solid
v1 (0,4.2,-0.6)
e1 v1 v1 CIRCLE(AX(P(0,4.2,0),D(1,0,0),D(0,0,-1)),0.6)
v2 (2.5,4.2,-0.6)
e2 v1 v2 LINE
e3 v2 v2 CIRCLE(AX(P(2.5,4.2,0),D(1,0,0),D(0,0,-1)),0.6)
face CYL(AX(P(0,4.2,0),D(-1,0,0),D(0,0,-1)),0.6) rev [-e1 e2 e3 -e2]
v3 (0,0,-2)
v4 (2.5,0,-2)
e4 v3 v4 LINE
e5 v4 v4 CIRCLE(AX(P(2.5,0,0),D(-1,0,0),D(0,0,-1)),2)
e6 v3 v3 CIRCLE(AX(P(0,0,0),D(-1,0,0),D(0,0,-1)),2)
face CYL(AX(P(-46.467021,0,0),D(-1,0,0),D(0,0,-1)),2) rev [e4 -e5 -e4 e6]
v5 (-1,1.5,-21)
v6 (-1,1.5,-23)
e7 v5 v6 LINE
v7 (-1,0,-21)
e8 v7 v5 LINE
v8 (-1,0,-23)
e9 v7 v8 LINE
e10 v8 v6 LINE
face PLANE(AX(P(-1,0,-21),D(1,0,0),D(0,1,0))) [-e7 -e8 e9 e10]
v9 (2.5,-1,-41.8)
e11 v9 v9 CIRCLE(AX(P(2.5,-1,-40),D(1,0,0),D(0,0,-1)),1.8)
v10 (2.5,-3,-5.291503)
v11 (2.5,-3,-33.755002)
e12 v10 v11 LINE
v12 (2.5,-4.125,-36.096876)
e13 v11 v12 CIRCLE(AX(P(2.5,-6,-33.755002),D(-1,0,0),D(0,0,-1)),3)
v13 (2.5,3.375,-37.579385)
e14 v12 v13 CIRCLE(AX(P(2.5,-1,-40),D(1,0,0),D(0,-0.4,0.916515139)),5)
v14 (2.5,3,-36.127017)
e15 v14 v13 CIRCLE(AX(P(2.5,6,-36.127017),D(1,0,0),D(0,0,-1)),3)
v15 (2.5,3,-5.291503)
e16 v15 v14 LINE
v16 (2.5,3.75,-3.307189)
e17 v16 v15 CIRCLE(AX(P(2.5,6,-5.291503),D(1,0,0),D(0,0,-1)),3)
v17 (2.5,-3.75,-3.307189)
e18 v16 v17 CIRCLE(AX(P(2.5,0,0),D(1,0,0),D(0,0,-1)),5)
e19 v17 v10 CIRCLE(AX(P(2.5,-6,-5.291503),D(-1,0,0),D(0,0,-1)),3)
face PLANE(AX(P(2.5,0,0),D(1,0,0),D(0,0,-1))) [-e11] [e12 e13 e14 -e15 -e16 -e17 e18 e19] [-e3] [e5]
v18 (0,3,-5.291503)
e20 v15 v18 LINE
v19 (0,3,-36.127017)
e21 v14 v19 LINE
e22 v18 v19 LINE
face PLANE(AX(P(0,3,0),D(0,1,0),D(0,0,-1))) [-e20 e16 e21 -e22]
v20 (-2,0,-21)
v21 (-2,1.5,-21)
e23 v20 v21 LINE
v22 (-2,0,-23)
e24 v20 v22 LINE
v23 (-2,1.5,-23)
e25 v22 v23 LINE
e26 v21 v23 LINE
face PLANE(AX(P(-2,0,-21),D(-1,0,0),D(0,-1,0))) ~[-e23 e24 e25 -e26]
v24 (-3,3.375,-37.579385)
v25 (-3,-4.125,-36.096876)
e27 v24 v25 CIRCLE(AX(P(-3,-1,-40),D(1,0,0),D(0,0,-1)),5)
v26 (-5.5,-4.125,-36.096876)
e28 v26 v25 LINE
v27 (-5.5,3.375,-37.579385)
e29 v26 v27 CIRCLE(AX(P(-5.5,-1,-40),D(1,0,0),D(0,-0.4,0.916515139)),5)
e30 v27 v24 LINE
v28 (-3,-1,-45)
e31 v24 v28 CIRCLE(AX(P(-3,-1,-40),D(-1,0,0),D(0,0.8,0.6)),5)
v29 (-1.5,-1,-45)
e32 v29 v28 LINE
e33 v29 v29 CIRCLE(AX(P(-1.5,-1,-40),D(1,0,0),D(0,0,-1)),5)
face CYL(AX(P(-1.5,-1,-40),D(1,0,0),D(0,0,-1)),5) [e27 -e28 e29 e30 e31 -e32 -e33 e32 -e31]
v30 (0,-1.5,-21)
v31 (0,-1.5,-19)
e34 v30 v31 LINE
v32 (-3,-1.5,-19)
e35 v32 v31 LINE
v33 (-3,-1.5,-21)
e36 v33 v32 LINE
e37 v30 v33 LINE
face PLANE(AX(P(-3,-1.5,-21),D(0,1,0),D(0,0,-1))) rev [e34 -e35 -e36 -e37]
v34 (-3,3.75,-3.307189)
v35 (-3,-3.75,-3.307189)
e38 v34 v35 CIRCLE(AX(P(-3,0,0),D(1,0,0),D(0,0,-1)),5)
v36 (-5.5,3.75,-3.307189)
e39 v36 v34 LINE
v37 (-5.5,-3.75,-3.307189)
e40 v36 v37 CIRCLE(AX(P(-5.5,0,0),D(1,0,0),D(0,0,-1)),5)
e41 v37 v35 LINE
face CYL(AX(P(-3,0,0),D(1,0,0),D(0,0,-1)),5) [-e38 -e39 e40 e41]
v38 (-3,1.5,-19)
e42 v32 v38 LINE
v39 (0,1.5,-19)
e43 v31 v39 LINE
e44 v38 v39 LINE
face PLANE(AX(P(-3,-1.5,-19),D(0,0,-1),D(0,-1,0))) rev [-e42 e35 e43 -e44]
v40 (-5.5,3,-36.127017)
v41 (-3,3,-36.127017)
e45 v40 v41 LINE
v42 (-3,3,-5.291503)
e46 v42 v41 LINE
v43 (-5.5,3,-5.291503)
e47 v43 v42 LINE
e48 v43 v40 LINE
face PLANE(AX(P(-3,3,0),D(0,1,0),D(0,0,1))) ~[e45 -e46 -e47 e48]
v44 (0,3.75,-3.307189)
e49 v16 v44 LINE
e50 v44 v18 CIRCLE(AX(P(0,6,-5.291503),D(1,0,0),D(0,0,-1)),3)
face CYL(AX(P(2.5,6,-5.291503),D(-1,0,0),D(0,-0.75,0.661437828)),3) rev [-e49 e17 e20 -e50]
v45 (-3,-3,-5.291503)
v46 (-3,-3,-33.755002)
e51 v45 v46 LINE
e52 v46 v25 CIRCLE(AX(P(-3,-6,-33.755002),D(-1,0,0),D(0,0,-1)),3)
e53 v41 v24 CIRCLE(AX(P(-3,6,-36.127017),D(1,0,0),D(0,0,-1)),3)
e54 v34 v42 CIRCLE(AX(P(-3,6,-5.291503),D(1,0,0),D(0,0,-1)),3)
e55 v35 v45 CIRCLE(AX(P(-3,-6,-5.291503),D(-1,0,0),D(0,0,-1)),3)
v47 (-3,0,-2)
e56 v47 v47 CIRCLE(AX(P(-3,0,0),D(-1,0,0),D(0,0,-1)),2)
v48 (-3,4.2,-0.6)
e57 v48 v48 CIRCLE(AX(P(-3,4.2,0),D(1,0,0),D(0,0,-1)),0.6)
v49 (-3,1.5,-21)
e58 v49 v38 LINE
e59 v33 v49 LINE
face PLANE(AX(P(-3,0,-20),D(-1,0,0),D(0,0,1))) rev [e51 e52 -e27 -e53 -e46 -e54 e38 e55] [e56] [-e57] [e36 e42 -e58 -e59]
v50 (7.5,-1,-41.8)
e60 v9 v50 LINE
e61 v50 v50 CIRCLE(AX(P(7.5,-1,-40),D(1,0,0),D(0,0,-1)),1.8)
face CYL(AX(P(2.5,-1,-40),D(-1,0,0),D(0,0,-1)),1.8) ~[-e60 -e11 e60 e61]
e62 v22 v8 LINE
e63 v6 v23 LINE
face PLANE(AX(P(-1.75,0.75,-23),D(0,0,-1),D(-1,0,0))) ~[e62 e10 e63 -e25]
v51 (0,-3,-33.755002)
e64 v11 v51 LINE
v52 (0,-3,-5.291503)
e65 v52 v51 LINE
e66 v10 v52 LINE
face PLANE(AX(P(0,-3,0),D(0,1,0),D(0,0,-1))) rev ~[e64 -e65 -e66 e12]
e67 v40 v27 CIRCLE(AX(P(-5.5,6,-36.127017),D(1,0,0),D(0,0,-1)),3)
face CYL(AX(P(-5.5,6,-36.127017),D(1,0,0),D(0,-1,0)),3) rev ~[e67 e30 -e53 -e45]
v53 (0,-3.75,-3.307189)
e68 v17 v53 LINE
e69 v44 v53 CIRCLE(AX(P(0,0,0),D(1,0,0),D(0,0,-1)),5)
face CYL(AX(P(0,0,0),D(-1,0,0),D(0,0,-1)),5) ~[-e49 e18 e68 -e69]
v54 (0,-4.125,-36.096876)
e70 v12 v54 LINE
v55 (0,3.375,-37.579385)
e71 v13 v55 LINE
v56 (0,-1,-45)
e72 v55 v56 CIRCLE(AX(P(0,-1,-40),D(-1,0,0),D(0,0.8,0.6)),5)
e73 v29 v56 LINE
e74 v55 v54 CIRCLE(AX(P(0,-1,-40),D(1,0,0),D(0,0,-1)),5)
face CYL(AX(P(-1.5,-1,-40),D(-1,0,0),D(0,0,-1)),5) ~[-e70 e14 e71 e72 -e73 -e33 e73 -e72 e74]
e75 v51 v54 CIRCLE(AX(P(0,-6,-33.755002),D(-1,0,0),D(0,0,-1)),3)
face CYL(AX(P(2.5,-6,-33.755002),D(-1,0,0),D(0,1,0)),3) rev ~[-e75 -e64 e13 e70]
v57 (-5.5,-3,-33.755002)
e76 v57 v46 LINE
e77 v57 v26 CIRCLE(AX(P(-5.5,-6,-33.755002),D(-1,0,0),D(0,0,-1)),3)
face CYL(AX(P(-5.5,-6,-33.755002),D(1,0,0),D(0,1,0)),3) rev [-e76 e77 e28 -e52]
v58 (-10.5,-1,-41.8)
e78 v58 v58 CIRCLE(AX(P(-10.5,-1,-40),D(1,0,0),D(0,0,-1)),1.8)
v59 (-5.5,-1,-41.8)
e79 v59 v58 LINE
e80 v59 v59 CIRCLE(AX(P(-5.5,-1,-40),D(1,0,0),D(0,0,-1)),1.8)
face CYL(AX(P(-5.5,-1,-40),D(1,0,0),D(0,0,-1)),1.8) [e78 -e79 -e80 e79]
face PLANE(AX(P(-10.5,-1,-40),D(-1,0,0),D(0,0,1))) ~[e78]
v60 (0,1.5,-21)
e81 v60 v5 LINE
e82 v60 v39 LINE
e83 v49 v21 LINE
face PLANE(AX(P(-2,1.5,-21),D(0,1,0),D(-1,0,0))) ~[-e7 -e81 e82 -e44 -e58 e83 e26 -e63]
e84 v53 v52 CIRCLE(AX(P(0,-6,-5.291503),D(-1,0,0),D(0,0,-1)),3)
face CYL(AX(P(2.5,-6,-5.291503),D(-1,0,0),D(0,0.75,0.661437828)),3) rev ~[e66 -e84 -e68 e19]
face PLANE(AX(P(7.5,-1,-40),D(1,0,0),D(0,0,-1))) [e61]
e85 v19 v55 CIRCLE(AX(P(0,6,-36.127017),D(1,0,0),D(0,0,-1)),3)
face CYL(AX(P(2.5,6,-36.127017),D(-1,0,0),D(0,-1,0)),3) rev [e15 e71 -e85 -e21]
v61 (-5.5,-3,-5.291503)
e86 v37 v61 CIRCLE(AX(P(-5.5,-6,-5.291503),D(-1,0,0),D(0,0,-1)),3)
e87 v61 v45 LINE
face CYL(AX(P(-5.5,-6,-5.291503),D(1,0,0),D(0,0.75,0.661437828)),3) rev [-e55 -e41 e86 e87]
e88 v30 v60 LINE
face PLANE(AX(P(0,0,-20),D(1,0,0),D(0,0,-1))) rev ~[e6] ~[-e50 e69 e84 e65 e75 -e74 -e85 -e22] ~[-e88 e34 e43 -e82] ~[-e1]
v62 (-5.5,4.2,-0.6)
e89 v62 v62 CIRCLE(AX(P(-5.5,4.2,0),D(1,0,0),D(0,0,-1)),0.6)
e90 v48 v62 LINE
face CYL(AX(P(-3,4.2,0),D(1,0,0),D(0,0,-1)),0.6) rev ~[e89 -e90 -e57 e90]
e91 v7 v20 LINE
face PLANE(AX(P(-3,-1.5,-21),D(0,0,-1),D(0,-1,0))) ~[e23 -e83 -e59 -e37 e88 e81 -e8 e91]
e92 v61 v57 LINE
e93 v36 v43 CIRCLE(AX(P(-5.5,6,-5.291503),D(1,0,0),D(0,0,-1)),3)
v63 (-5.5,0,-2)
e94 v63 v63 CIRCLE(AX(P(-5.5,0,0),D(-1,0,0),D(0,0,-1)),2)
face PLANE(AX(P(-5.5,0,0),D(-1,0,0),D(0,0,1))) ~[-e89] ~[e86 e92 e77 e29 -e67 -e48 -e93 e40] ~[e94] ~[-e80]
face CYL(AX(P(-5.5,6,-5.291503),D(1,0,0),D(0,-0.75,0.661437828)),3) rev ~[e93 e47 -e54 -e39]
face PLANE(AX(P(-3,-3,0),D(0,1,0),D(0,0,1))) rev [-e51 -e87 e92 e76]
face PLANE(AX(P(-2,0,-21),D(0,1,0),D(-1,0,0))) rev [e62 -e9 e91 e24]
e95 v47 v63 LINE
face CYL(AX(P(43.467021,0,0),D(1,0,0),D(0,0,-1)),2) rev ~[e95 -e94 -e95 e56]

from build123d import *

# Parameters (mm, degrees)
SKETCH_1_R                  = 5
SKETCH_1_R_2                = 0.6
SKETCH_1_W                  = 40
SKETCH_1_H                  = 6
EXTRUDE_1_DEPTH             = 2.5
CUT_EXTRUDE_2_DEPTH         = 46.467021015
CUT_EXTRUDE_2_DEPTH_BACK    = 46.467021015
SKETCH_1_3_R                = 2
FILLET_1_R                  = 3
EXTRUDE_START               = -1.5
SKETCH_1_4_R                = 5
SKETCH_1_4_R_2              = 2
EXTRUDE_2_DEPTH             = 1.5
SKETCH_2_R                  = 1.8
EXTRUDE_4_DEPTH             = 5
EXTRUDE_5_REACH             = 48.014
SKETCH_1_5_R                = 2
EXTRUDE_5_DIRECTION_2_REACH = 48.014
SKETCH_3_W                  = 2
SKETCH_3_H                  = 3
EXTRUDE_8_DEPTH             = 1.5
SKETCH_4_W                  = 0.5
SKETCH_4_H                  = 1.5
EXTRUDE_9_DEPTH             = 2


with BuildPart() as part:
    # 草图1 → 凸台-拉伸1 (new body)
    # profile 1 of 3: a face of its own
    with BuildSketch(Plane(origin=(0, 0, 0), x_dir=(0, 0, -1), z_dir=(1, 0, 0))):
        Circle(SKETCH_1_R)
        with Locations((0, 4.2)):
            Circle(SKETCH_1_R_2, mode=Mode.SUBTRACT)
    # profile 2 of 3: a face of its own
    with BuildSketch(Plane(origin=(0, 0, 0), x_dir=(0, 0, -1), z_dir=(1, 0, 0))):
        with Locations((40, -1)):
            Circle(SKETCH_1_R)
    # profile 3 of 3: a face of its own
    with BuildSketch(Plane(origin=(0, 0, 0), x_dir=(0, 0, -1), z_dir=(1, 0, 0))):
        with Locations((20, 0)):
            Rectangle(SKETCH_1_W, SKETCH_1_H)
    extrude(amount=EXTRUDE_1_DEPTH)

    # 草图1<3> → 切除-拉伸2 (cut, two sides: drawn at the far end of the back side and taken through both)
    with BuildSketch(Plane(origin=(0, 0, 0), x_dir=(0, 0, -1), z_dir=(1, 0, 0)).offset(-CUT_EXTRUDE_2_DEPTH_BACK)):
        Circle(SKETCH_1_3_R)
        with Locations((40, -1)):
            Circle(SKETCH_1_3_R)
    extrude(amount=CUT_EXTRUDE_2_DEPTH + CUT_EXTRUDE_2_DEPTH_BACK, mode=Mode.SUBTRACT)

    # 圆角1
    fillet_1_edges = [part.edges().sort_by_distance(p)[0] for p in [
        (1.25, -3, -4),
        (1.25, -3, -35.417424305),
        (1.25, 3, -37),
        (1.25, 3, -4),
    ]]
    fillet(fillet_1_edges, radius=FILLET_1_R)

    # 草图1<4> → 凸台-拉伸2 (add)
    with BuildSketch(Plane(origin=(0, 0, 0), x_dir=(0, 0, -1), z_dir=(1, 0, 0)).offset(EXTRUDE_START)):
        with Locations((40, -1)):
            Circle(SKETCH_1_4_R)
        with Locations((40, -1)):
            Circle(SKETCH_1_4_R_2, mode=Mode.SUBTRACT)
    extrude(amount=EXTRUDE_2_DEPTH)

    # 凸台-拉伸5: up to this face of the body (flat: up to its plane)
    extrude_5_end = Plane(part.part.faces().sort_by_distance((2.5, -0.21352009, -20.113168079))[0])
    # 草图1<5> → 凸台-拉伸5 (add, up to the picked face)
    with BuildSketch(Plane(origin=(0, 0, 0), x_dir=(0, 0, -1), z_dir=(1, 0, 0)), mode=Mode.PRIVATE) as extrude_5_sk1:
        with Locations((40, -1)):
            Circle(SKETCH_1_5_R)
    extrude_5_tool1 = split(extrude(extrude_5_sk1.sketch, amount=EXTRUDE_5_REACH, mode=Mode.PRIVATE), bisect_by=extrude_5_end, keep=Keep.BOTH, mode=Mode.PRIVATE)


with BuildPart() as body_2:
    # 草图2 → 凸台-拉伸4 (new body)
    with BuildSketch(Plane(origin=(2.5, 0, 0), x_dir=(0, 0, -1), z_dir=(1, 0, 0))):
        with Locations((40, -1)):
            Circle(SKETCH_2_R)
    extrude(amount=EXTRUDE_4_DEPTH)


with BuildPart() as part_1:
    add(part.part)

    add(body_2.part)  # 凸台-拉伸5 merges body 2
    add(extrude_5_tool1.solids().sort_by(Axis((0, -1, -40), (1, 0, 0)))[0])

    # 凸台-拉伸5 direction 2: up to this face of the body (flat: up to its plane)
    extrude_5_direction_2_end = Plane(part_1.part.faces().sort_by_distance((-1.5, -1, -35.141421356))[0])
    # 草图1<5> → 凸台-拉伸5 direction 2 (add, up to the picked face)
    with BuildSketch(Plane(origin=(0, 0, 0), x_dir=(0, 0, -1), z_dir=(1, 0, 0)), mode=Mode.PRIVATE) as extrude_5_direction_2_sk1:
        with Locations((40, -1)):
            Circle(SKETCH_1_5_R)
    extrude_5_direction_2_tool1 = split(extrude(extrude_5_direction_2_sk1.sketch, amount=-EXTRUDE_5_DIRECTION_2_REACH, mode=Mode.PRIVATE), bisect_by=extrude_5_direction_2_end, keep=Keep.BOTH, mode=Mode.PRIVATE)
    add(extrude_5_direction_2_tool1.solids().sort_by(Axis((0, -1, -40), (-1, 0, 0)))[0])

    # 草图3 → 凸台-拉伸8 (add)
    with BuildSketch(Plane.ZY):
        with Locations((-20, 0)):
            Rectangle(SKETCH_3_W, SKETCH_3_H)
    extrude(amount=EXTRUDE_8_DEPTH)

    # 草图4 → 凸台-拉伸9 (add)
    with BuildSketch(Plane(origin=(0, 0, -21), x_dir=(-1, 0, 0), z_dir=(0, 0, -1))):
        with Locations((1.25, 0.75)):
            Rectangle(SKETCH_4_W, SKETCH_4_H)
    extrude(amount=EXTRUDE_9_DEPTH)

    # 镜向3: part across plane


with BuildPart() as part_2:
    add(part_1.part)
    add(part_1.part.mirror(Plane.ZY.offset(1.5)))


solid = part_2.part
